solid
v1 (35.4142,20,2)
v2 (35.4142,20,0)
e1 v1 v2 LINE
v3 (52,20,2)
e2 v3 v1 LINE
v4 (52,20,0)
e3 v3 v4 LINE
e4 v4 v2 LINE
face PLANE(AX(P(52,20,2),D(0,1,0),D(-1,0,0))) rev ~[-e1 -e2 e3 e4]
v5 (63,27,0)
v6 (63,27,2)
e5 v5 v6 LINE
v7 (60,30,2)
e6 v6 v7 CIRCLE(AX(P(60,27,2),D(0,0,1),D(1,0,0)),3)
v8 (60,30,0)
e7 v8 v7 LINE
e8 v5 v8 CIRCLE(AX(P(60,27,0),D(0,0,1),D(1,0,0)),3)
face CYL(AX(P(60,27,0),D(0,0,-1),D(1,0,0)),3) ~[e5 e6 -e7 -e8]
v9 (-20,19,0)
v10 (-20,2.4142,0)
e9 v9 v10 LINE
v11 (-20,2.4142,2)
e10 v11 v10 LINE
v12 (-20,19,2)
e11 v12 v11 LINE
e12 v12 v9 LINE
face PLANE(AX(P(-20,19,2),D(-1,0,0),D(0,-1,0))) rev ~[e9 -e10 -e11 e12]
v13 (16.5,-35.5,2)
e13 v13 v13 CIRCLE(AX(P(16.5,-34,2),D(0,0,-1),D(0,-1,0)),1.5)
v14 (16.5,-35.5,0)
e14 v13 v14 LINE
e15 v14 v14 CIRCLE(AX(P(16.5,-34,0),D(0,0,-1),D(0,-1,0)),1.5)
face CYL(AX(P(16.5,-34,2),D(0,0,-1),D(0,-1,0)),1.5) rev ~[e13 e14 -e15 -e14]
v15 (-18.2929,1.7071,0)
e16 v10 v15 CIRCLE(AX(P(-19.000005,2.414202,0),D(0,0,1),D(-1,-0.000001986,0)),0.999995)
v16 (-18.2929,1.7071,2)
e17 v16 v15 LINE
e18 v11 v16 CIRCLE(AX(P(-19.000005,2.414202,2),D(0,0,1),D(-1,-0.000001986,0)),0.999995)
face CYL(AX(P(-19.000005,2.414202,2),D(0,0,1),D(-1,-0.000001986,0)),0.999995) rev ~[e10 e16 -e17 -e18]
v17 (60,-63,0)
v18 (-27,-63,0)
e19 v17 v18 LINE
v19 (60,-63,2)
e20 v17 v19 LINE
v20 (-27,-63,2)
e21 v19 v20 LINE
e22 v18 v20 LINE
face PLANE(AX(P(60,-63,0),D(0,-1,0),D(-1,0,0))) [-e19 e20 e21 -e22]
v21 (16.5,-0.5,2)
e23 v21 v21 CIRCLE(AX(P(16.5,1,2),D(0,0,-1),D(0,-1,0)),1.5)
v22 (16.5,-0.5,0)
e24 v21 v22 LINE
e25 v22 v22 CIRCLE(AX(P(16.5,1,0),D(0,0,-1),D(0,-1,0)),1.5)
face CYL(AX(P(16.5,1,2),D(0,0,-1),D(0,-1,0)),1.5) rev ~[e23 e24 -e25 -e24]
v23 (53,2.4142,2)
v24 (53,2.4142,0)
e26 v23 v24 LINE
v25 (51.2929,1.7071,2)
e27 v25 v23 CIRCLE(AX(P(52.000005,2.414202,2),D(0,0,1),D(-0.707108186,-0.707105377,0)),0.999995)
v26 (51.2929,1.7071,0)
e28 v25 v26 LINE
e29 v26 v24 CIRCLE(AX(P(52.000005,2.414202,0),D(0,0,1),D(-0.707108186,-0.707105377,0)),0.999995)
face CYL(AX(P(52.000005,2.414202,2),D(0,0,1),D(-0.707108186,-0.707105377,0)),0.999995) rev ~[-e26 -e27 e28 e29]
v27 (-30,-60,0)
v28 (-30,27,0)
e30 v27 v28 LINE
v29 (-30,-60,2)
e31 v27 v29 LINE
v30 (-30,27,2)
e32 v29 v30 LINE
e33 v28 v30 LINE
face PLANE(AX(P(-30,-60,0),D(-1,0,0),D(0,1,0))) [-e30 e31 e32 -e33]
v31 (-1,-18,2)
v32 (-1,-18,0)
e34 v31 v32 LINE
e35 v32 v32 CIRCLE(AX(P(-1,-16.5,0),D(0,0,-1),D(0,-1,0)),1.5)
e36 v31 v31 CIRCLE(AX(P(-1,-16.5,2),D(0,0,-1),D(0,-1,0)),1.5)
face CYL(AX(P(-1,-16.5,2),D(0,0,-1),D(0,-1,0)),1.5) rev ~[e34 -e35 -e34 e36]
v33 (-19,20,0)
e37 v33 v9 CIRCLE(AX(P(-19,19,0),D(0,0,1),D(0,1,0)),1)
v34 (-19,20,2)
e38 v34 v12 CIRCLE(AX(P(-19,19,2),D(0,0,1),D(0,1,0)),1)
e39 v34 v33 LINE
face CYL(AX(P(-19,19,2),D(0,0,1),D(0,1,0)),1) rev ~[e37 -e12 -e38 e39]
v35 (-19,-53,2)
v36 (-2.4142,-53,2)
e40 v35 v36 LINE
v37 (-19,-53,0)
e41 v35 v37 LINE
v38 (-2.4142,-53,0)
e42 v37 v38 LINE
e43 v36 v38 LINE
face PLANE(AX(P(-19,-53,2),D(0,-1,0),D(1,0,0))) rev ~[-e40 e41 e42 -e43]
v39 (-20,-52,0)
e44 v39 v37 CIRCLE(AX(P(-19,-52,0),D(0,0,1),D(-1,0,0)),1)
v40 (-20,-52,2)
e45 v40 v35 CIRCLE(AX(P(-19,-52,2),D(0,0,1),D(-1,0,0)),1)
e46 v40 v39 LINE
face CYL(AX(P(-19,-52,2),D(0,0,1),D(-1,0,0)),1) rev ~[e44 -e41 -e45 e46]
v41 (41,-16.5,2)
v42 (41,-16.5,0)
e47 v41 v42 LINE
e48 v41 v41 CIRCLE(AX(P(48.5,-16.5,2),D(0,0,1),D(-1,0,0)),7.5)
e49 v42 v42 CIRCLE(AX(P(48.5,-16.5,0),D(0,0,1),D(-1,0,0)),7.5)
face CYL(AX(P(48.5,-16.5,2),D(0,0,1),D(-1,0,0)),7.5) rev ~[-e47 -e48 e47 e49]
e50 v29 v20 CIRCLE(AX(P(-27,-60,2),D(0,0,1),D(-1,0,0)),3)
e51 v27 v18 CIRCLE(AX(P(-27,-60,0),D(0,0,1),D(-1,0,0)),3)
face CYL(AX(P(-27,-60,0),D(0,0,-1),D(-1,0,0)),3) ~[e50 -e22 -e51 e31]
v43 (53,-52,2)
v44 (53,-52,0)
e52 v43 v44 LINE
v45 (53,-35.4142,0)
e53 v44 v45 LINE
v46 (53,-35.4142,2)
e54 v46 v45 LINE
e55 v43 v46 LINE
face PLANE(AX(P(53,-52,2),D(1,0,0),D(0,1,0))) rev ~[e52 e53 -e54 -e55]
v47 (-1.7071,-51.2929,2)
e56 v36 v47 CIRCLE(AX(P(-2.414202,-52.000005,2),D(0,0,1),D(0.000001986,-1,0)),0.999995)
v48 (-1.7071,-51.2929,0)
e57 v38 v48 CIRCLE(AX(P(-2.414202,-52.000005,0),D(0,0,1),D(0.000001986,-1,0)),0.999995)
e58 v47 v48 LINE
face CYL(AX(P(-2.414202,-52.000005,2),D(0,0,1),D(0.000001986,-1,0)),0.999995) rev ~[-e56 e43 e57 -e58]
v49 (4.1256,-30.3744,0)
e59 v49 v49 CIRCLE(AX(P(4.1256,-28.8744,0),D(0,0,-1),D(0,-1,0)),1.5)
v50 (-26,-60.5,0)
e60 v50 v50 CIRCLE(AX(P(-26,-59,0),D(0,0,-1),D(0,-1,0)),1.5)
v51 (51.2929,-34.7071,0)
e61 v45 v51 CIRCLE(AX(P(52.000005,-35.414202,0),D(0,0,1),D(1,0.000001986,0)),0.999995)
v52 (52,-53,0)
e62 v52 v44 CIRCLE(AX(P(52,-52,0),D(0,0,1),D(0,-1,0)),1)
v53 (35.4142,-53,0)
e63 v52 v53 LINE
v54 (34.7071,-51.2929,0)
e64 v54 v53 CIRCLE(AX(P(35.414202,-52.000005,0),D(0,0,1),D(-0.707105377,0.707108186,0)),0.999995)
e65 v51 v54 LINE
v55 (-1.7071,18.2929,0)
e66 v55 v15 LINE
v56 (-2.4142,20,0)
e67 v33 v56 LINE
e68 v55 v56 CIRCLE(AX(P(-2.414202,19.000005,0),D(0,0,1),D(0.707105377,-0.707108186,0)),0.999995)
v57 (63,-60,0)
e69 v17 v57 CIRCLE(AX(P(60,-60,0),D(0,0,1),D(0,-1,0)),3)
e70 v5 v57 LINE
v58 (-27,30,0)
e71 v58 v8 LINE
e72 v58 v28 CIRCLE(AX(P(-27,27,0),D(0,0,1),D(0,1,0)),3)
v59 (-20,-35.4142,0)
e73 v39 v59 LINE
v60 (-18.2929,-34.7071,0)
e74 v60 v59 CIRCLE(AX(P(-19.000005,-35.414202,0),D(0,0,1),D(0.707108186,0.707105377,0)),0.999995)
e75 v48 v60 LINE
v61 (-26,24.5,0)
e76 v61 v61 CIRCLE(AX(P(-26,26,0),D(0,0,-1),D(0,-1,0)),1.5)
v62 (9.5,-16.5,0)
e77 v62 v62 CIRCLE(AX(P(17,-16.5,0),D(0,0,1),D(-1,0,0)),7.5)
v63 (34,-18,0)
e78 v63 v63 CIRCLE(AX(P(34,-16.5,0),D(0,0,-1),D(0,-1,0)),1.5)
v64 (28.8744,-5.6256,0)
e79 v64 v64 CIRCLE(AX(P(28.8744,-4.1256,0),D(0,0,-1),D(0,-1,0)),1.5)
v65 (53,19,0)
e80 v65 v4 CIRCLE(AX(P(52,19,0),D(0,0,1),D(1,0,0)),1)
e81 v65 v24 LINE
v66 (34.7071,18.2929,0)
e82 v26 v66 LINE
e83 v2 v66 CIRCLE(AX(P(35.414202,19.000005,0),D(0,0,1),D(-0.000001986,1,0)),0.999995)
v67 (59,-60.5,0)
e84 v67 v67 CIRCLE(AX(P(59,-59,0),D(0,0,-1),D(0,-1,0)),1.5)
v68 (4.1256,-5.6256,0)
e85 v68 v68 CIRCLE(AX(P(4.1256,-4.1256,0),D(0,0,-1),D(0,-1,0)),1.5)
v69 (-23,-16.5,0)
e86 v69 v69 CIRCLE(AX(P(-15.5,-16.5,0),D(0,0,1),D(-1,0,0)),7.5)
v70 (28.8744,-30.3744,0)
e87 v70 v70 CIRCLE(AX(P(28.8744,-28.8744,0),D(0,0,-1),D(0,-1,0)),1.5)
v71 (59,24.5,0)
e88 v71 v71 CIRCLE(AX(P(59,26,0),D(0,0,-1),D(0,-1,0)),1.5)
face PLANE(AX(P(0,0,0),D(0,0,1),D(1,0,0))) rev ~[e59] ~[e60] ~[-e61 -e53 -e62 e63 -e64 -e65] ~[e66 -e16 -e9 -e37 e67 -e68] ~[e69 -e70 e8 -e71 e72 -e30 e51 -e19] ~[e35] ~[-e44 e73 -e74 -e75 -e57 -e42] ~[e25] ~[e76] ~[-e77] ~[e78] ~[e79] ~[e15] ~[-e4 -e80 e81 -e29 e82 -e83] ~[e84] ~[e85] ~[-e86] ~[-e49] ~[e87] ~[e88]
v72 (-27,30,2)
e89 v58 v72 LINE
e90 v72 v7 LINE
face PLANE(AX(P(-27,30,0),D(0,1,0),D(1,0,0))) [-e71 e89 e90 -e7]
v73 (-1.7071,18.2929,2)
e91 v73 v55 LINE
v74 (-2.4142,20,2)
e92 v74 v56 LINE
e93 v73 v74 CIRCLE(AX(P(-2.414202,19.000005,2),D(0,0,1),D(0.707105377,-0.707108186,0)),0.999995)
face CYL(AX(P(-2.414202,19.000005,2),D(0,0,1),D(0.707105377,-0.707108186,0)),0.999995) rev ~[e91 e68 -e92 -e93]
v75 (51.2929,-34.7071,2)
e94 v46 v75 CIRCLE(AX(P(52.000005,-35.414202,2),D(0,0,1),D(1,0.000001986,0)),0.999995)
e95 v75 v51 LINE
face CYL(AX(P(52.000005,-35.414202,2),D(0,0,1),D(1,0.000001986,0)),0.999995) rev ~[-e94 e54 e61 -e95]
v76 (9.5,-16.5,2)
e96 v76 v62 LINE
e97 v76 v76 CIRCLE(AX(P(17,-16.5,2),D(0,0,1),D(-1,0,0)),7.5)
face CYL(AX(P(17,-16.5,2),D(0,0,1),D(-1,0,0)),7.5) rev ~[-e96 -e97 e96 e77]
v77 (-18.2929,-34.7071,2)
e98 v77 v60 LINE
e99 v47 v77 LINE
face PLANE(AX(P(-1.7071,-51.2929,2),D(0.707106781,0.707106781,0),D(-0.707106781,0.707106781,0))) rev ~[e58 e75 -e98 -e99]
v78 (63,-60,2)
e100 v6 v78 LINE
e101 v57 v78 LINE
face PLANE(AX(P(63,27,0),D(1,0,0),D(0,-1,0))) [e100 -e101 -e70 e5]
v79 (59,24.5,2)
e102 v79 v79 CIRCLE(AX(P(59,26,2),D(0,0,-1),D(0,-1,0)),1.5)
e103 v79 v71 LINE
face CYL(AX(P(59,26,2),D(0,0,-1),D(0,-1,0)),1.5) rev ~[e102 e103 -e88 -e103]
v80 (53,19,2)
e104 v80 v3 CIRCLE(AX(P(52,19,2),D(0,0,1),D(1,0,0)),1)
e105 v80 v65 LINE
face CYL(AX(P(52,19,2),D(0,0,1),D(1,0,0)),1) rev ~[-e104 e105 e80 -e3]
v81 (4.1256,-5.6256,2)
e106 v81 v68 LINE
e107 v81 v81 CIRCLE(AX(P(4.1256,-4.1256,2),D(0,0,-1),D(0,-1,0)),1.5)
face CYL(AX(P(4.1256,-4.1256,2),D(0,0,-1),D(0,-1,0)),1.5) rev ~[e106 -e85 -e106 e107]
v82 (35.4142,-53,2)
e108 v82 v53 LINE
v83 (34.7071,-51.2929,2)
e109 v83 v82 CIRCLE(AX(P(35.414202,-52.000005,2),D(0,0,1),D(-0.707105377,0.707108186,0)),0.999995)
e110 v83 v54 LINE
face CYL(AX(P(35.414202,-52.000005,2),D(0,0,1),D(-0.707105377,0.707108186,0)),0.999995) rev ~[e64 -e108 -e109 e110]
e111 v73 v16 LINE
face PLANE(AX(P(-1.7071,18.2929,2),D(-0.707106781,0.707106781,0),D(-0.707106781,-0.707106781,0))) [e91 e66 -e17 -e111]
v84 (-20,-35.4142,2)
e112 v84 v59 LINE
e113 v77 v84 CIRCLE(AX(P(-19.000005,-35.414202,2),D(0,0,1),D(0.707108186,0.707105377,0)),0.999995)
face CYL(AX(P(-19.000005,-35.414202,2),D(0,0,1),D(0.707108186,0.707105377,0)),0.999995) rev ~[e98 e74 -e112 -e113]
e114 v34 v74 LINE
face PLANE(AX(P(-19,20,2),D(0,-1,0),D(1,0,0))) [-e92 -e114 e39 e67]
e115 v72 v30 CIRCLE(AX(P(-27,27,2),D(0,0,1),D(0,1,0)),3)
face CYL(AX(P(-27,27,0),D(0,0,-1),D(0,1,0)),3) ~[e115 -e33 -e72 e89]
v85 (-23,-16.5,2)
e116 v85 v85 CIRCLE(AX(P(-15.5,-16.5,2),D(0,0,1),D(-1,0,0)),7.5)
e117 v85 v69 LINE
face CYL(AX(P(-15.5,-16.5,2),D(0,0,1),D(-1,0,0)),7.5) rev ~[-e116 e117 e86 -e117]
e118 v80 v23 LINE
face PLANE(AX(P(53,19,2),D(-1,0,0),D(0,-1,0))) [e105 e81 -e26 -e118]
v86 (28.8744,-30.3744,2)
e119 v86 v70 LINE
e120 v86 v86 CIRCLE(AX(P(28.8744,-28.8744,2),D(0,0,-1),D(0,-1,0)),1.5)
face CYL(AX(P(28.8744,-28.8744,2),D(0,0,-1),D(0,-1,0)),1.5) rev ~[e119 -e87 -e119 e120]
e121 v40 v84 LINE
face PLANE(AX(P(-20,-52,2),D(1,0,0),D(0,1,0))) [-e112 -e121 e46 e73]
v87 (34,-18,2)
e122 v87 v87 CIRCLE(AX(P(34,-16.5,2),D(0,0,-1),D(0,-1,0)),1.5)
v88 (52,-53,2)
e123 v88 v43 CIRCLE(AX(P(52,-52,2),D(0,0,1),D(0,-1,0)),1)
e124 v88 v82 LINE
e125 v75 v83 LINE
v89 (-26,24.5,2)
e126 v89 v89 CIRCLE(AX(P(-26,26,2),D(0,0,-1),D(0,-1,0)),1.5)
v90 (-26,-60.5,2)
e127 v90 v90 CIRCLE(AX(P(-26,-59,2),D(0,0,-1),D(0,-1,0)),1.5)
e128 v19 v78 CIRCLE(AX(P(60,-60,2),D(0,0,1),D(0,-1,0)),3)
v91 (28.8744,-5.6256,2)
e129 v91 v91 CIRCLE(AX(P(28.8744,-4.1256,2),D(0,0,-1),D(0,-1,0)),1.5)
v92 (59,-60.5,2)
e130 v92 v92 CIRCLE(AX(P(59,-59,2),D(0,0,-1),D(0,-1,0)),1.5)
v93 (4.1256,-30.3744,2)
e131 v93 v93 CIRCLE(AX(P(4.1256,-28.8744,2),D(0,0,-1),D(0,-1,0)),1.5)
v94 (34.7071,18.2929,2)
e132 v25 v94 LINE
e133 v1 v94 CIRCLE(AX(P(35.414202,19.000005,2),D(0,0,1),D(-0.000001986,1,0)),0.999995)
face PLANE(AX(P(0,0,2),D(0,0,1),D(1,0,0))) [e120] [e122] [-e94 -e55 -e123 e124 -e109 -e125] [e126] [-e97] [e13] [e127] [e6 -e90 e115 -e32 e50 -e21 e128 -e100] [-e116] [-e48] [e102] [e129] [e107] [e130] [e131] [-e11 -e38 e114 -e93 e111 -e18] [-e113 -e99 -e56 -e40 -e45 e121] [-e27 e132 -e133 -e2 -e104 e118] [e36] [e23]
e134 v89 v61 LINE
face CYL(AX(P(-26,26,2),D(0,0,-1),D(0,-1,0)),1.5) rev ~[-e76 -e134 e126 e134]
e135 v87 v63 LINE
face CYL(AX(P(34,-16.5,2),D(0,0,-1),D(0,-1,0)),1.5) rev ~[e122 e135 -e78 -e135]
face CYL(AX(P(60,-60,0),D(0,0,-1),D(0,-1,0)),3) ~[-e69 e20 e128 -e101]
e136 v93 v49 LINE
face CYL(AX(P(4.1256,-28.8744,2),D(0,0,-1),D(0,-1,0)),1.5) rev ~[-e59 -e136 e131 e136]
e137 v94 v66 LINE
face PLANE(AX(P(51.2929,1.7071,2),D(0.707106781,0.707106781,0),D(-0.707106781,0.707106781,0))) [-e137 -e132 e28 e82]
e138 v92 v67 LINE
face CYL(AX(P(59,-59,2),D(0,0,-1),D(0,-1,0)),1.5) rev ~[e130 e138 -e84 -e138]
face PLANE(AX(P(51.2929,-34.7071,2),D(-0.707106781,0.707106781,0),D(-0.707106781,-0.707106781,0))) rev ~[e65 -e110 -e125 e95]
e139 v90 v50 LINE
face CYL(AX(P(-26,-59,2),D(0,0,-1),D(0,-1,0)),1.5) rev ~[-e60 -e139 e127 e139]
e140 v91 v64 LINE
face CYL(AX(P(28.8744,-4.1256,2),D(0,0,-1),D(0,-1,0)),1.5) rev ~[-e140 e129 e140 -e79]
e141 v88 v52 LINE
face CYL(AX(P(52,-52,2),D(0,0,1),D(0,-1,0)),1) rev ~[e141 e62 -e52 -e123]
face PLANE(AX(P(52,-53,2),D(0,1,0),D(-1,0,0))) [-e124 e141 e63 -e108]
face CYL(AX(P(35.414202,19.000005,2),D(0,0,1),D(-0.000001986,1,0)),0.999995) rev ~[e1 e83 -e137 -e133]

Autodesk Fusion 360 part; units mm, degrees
sketch "Sketch1" plane through (0, 0, 0) normal (0, 0, 1) x (1, 0, 0)
  line L0 (-27, 30) -> (60, 30)
  line L1 (63, 27) -> (63, -60)
  line L2 (60, -63) -> (-27, -63)
  line L3 (-30, -60) -> (-30, 27)
  arc A0 (-27, 30) -> (-30, 27) centre (-27, 27) ccw
  arc A1 (63, 27) -> (60, 30) centre (60, 27) ccw
  arc A2 (-30, -60) -> (-27, -63) centre (-27, -60) ccw
  arc A3 (60, -63) -> (63, -60) centre (60, -60) ccw
  point P0 (-30, 30)
  point P1 (63, 30)
  point P2 (-30, -63)
  dimension "d1" = 93
  dimension "d2" = 93
  dimension "d3" = 3
  dimension "d4" = 3
extrude "Extrude1" add sketch "Sketch1" along normal blind 2
sketch "Sketch2" plane through (0, 0, 2) normal (0, 0, 1) x (-1, 0, 0)
  arc A0 (30, 60) -> (27, 63) centre (27, 60) ccw
  line L0 (27, 63) -> (-60, 63)
  arc A1 (-60, 63) -> (-63, 60) centre (-60, 60) ccw
  line L1 (-63, 60) -> (-63, -27)
  arc A2 (-63, -27) -> (-60, -30) centre (-60, -27) ccw
  line L2 (-60, -30) -> (27, -30)
  arc A3 (27, -30) -> (30, -27) centre (27, -27) ccw
  line L3 (30, -27) -> (30, 60)
  point P0 (26, -26)
  point P1 (-59, -26)
  point P2 (26, 59)
  point P3 (-60, 60)
  point P4 (-59, 59)
  point P5 (-57.2336, -24.9323)
  dimension "d18" = 85
  dimension "d19" = 4
  dimension "d20" = 4
  dimension "d21" = 4
  dimension "d22" = 4
  dimension "d23" = 4
  dimension "d24" = 4
  dimension "d25" = 85
  dimension "d26" = 4
hole "Hole2" at (59, -59, 2) at (-26, -59, 2) at (-26, 26, 2) at (59, 26, 2) direction (0, 0, -1) diameter 3 depth 2 tip angle 118
sketch "Sketch3" plane through (0, 0, 2) normal (0, 0, 1) x (-1, 0, 0)
  line L0 (-60, -30) -> (27, -30)
  line L1 (30, -27) -> (30, 60)
  line L2 (27, 63) -> (-60, 63)
  point P0 (-16.5, 16.5)
  point P1 (-16.5, -1)
  point P2 (1, 16.5)
  point P3 (-16.5, 34)
  point P4 (-34, 16.5)
  point P5 (-28.8744, 28.8744)
  point P6 (-4.1256, 28.8744)
  point P7 (-4.1256, 4.1256)
  point P8 (-28.8744, 4.1256)
  point P9 (-34, 16.5)
  point P10 (-16.5, 34)
  point P11 (1, 16.5)
  point P12 (-16.5, -1)
  point P13 (-28.8744, 4.1256)
  point P14 (-28.8744, 28.8744)
  point P15 (-4.1256, 28.8744)
  point P16 (-4.1256, 4.1256)
  point P17 (-16.5, -1)
  point P18 (-34, 16.5)
  point P19 (-16.5, 34)
  point P20 (1, 16.5)
  point P21 (-4.1256, 4.1256)
  point P22 (-28.8744, 4.1256)
  point P23 (-28.8744, 28.8744)
  point P24 (-4.1256, 28.8744)
  point P25 (1, 16.5)
  point P26 (-16.5, -1)
  point P27 (-34, 16.5)
  point P28 (-16.5, 34)
  point P29 (-4.1256, 28.8744)
  point P30 (-4.1256, 4.1256)
  point P31 (-28.8744, 4.1256)
  point P32 (-28.8744, 28.8744)
  dimension "d30" = 46.5
  dimension "d31" = 46.5
  dimension "d32" = 17.5
  dimension "d34" = 46.5
  dimension "d35" = 46.5
  dimension "d36" = 46.5
  dimension "d38" = 46.5
  dimension "d39" = 17.5
  dimension "d40" = 17.5
  dimension "d41" = 17.5
  dimension "d47" = 360
hole "Hole3" at (16.5, -34, 2) at (-1, -16.5, 2) at (16.5, 1, 2) at (34, -16.5, 2) at (16.5, -34, 2) at (4.1256, -28.8744, 2) at (4.1256, -4.1256, 2) at (28.8744, -28.8744, 2) at (28.8744, -4.1256, 2) direction (0, 0, -1) diameter 3 depth 25 tip angle 118
sketch "Sketch4" plane through (0, 0, 2) normal (0, 0, 1) x (-1, 0, 0)
sketch "Sketch5" plane through (0, 0, 2) normal (0, 0, 1) x (-1, 0, 0)
  circle A0 centre (-28.8744, 28.8744) radius 1.5
  circle A1 centre (-4.1256, 28.8744) radius 1.5
  circle A2 centre (-34, 16.5) radius 1.5
  circle A3 centre (1, 16.5) radius 1.5
  circle A4 centre (-16.5, 34) radius 1.5
  circle A5 centre (-16.5, -1) radius 1.5
  circle A6 centre (-4.1256, 4.1256) radius 1.5
  circle A7 centre (-28.8744, 4.1256) radius 1.5
  circle A8 centre (26, -26) radius 1.5
  circle A9 centre (-59, 59) radius 1.5
  circle A10 centre (26, 59) radius 1.5
  circle A11 centre (-59, -26) radius 1.5
  arc A12 (30, 60) -> (27, 63) centre (27, 60) ccw
  line L0 (27, 63) -> (-60, 63)
  arc A13 (-60, 63) -> (-63, 60) centre (-60, 60) ccw
  line L1 (-63, 60) -> (-63, -27)
  arc A14 (-63, -27) -> (-60, -30) centre (-60, -27) ccw
  line L2 (-60, -30) -> (27, -30)
  arc A15 (27, -30) -> (30, -27) centre (27, -27) ccw
  line L3 (30, -27) -> (30, 60)
  circle A16 centre (15.5, 16.5) radius 7.5
  circle A17 centre (-48.5, 16.5) radius 7.5
  dimension "d48" = 15
  dimension "d49" = 14.5
  dimension "d50" = 46.5
  dimension "d51" = 15
  dimension "d52" = 46.5
  dimension "d53" = 14.5
extrude "Extrude2" cut sketch "Sketch5" against normal blind 9 contours A16 | A17
sketch "Sketch6" plane through (0, 0, 2) normal (0, 0, 1) x (-1, 0, 0)
  circle A0 centre (-48.5, 16.5) radius 7.5
  circle A1 centre (15.5, 16.5) radius 7.5
  circle A2 centre (-28.8744, 28.8744) radius 1.5
  circle A3 centre (-4.1256, 28.8744) radius 1.5
  circle A4 centre (-34, 16.5) radius 1.5
  circle A5 centre (1, 16.5) radius 1.5
  circle A6 centre (-16.5, 34) radius 1.5
  circle A7 centre (-16.5, -1) radius 1.5
  circle A8 centre (-4.1256, 4.1256) radius 1.5
  circle A9 centre (-28.8744, 4.1256) radius 1.5
  circle A10 centre (26, -26) radius 1.5
  circle A11 centre (-59, 59) radius 1.5
  circle A12 centre (26, 59) radius 1.5
  circle A13 centre (-59, -26) radius 1.5
  arc A14 (30, 60) -> (27, 63) centre (27, 60) ccw
  line L0 (27, 63) -> (-60, 63)
  arc A15 (-60, 63) -> (-63, 60) centre (-60, 60) ccw
  line L1 (-63, 60) -> (-63, -27)
  arc A16 (-63, -27) -> (-60, -30) centre (-60, -27) ccw
  line L2 (-60, -30) -> (27, -30)
  arc A17 (27, -30) -> (30, -27) centre (27, -27) ccw
  line L3 (30, -27) -> (30, 60)
sketch "Sketch7" plane through (0, 0, 2) normal (0, 0, 1) x (-1, 0, 0)
  line L0 (19, -20) -> (2.4142, -20)
  line L1 (1.7071, -18.2929) -> (18.2929, -1.7071)
  line L2 (20, -19) -> (20, -2.4142)
  arc A0 (19, -20) -> (20, -19) centre (19, -19) ccw
  arc A1 (1.7071, -18.2929) -> (2.4142, -20) centre (2.4142, -19) ccw
  arc A2 (20, -2.4142) -> (18.2929, -1.7071) centre (19, -2.4142) ccw
  line L3 (-51.2929, 34.7071) -> (-34.7071, 51.2929)
  arc A3 (-34.7071, 51.2929) -> (-35.4142, 53) centre (-35.4142, 52) ccw
  line L4 (-52, 53) -> (-35.4142, 53)
  line L5 (-53, 52) -> (-53, 35.4142)
  arc A4 (-53, 35.4142) -> (-51.2929, 34.7071) centre (-52, 35.4142) ccw
  arc A5 (-52, 53) -> (-53, 52) centre (-52, 52) ccw
  line L6 (-60, -30) -> (27, -30)
  line L7 (-52, -20) -> (-35.4142, -20)
  arc A6 (-35.4142, -20) -> (-34.7071, -18.2929) centre (-35.4142, -19) ccw
  line L8 (-51.2929, -1.7071) -> (-34.7071, -18.2929)
  arc A7 (-51.2929, -1.7071) -> (-53, -2.4142) centre (-52, -2.4142) ccw
  line L9 (-53, -19) -> (-53, -2.4142)
  line L10 (1.7071, 51.2929) -> (18.2929, 34.7071)
  arc A8 (2.4142, 53) -> (1.7071, 51.2929) centre (2.4142, 52) ccw
  line L11 (19, 53) -> (2.4142, 53)
  arc A9 (20, 52) -> (19, 53) centre (19, 52) ccw
  line L12 (20, 52) -> (20, 35.4142)
  arc A10 (18.2929, 34.7071) -> (20, 35.4142) centre (19, 35.4142) ccw
  arc A11 (-53, -19) -> (-52, -20) centre (-52, -19) ccw
  point P0 (20, -20)
  point P1 (20, 0)
  point P2 (0, -20)
  point P3 (-52, -19)
  dimension "d56" = 1
  dimension "d61" = 1
extrude "Extrude3" cut sketch "Sketch7" against normal blind 5
sketch "Sketch8" plane through (0, 0, 0) normal (0, 0, 1) x (1, 0, 0)
  line L0 (60, 30) -> (-27, 30)
sketch "Sketch9" plane through (0, 0, 0) normal (0, 0, 1) x (1, 0, 0)
sketch "Sketch10" plane through (0, 0, 2) normal (0, 0, 1) x (-1, 0, 0)
  circle A0 centre (-17, 16.5) radius 7.5
  line L0 (-60, -30) -> (27, -30)
  dimension "d62" = 15
  dimension "d63" = 46.5
extrude "Extrude4" cut sketch "Sketch10" against normal blind 10
